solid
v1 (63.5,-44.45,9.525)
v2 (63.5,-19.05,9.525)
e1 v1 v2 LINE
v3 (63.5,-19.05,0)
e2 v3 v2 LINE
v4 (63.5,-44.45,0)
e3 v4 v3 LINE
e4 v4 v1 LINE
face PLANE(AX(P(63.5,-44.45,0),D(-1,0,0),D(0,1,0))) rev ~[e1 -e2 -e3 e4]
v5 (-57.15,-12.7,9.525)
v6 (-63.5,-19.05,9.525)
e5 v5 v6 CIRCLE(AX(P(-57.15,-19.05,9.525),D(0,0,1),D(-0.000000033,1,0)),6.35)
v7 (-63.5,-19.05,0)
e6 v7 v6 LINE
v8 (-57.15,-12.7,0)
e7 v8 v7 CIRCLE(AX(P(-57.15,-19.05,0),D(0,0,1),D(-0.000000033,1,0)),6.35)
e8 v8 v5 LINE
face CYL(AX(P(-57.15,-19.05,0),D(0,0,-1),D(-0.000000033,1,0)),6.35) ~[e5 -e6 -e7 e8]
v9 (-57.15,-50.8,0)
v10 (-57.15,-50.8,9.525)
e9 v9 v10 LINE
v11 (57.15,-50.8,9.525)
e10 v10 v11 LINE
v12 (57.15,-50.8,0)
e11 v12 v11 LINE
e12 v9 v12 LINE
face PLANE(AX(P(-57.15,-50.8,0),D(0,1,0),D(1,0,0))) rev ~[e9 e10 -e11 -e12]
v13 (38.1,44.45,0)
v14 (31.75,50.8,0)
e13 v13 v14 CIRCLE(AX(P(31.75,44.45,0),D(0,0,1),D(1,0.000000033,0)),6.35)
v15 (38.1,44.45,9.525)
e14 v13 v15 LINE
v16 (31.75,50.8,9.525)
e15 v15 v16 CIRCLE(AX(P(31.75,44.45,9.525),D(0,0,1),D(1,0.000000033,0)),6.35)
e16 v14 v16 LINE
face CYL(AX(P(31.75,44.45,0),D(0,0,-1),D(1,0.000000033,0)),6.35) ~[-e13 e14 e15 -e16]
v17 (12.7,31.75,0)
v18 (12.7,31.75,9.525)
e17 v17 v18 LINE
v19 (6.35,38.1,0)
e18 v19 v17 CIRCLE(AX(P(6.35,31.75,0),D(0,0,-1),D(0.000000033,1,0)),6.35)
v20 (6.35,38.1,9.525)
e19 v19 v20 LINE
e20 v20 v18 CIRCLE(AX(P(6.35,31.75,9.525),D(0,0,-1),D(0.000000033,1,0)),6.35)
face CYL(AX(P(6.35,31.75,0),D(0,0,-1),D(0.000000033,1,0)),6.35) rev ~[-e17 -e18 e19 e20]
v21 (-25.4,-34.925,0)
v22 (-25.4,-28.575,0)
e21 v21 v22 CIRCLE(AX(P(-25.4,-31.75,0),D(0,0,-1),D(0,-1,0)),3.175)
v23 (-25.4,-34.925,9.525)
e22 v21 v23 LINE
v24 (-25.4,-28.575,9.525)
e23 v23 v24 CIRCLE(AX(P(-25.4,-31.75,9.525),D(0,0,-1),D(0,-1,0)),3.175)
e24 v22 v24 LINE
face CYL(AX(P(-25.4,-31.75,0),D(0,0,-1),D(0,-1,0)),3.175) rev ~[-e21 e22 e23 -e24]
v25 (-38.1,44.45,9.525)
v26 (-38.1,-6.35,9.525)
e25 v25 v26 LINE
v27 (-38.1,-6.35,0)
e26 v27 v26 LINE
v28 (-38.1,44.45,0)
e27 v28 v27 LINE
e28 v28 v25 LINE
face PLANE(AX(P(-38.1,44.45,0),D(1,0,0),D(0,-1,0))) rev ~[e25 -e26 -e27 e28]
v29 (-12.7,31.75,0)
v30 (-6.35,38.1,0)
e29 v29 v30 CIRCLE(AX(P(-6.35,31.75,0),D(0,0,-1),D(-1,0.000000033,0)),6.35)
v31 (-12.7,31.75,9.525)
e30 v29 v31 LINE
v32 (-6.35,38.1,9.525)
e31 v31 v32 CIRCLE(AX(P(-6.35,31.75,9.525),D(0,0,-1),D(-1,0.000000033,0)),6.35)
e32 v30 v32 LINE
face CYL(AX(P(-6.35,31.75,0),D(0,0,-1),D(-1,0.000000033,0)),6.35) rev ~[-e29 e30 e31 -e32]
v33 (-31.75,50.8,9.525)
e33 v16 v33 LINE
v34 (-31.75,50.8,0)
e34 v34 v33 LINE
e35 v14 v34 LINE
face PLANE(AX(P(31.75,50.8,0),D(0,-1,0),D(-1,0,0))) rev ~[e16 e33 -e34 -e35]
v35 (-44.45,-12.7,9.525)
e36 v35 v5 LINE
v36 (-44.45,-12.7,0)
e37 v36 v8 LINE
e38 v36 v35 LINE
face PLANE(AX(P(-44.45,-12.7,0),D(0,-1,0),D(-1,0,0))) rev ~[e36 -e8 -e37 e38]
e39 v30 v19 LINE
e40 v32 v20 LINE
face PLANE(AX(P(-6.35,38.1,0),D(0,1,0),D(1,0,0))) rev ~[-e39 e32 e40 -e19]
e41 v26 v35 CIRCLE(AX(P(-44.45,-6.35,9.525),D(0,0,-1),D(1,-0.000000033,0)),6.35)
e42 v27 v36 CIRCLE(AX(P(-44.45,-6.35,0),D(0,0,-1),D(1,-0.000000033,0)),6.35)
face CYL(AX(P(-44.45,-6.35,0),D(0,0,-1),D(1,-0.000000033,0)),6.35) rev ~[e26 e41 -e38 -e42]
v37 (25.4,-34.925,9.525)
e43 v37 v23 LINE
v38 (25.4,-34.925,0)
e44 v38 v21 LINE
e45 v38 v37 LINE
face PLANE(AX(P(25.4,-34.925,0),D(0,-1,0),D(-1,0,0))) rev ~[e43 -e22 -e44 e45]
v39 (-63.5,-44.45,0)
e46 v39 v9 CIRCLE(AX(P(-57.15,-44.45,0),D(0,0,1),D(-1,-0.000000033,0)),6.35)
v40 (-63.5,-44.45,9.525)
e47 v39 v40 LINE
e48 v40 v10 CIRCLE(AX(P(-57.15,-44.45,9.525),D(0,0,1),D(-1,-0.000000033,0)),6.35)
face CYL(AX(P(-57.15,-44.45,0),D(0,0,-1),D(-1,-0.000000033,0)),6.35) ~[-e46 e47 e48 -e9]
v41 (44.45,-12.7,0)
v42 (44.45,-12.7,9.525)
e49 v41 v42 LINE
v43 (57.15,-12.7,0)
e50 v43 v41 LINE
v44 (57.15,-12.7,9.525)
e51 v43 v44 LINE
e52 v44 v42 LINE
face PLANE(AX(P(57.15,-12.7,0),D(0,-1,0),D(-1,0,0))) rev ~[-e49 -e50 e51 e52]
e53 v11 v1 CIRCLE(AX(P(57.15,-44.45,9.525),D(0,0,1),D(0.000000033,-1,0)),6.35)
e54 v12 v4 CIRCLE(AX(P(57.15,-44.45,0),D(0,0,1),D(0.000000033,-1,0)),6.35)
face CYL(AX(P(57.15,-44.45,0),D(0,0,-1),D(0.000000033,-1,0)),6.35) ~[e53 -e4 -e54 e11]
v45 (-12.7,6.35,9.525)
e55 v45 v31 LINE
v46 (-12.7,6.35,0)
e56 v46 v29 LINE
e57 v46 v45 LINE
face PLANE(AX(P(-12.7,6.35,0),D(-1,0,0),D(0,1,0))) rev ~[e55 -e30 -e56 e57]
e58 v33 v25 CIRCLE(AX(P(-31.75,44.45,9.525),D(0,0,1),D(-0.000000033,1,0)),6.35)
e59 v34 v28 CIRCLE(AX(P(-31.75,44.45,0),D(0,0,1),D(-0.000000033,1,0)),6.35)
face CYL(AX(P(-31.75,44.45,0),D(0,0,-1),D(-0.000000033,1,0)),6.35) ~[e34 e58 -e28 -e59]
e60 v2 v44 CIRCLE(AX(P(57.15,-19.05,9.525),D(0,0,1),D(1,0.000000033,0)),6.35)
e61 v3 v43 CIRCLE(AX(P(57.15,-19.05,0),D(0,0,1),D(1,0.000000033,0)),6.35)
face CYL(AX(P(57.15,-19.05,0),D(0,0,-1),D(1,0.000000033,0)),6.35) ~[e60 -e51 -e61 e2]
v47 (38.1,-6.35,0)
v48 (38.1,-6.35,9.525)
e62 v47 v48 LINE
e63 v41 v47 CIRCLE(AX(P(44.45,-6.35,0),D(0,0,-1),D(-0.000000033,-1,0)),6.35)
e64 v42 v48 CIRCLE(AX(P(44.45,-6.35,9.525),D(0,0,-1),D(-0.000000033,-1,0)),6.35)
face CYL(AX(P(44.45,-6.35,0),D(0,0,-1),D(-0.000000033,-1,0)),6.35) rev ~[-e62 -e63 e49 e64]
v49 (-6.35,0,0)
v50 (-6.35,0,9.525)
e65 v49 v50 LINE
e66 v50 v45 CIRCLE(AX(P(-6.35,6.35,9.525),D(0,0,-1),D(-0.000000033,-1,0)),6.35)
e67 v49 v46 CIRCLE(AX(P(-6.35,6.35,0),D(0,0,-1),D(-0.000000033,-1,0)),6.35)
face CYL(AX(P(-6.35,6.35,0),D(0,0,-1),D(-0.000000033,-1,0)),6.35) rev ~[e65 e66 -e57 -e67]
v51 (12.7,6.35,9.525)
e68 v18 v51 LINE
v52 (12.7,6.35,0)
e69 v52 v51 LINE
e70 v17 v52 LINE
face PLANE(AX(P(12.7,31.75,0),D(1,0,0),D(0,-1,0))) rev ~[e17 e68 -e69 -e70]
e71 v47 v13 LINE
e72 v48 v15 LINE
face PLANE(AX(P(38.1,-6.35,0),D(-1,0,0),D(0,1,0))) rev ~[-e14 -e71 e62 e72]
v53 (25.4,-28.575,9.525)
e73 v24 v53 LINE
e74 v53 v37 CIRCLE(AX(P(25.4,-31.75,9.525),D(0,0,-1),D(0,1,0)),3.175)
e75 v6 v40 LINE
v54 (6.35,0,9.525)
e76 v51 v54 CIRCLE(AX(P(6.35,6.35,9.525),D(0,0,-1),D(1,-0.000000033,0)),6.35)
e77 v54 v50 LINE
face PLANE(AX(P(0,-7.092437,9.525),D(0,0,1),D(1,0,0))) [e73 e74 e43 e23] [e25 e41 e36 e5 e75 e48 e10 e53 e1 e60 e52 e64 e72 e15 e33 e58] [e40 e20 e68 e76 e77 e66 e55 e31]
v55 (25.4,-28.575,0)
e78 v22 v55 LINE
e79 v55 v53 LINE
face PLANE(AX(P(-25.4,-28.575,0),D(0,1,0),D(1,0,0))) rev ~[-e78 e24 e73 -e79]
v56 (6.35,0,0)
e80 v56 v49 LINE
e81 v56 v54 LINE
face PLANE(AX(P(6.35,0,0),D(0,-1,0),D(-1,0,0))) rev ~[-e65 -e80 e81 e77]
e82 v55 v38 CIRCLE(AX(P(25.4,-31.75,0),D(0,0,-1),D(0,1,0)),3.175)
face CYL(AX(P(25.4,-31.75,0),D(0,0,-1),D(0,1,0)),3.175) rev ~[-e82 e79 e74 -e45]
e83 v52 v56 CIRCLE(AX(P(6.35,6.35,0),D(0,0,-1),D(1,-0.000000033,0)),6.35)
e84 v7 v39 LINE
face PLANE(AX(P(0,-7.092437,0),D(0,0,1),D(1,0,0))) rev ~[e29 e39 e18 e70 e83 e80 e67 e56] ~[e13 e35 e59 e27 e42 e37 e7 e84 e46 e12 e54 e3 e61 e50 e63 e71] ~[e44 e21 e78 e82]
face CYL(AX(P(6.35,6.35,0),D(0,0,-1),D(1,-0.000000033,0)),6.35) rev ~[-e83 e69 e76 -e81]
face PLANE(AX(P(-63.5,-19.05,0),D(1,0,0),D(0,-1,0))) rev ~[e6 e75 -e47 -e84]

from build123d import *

# Parameters (mm, degrees)
F1_DEPTH = 9.525


with BuildPart() as f1:
    # F0 (on Top) → F1 (new body)
    with BuildSketch(Plane.XY):
        with BuildLine():
            Line((-57.15, -50.8), (57.15, -50.8))
            ThreePointArc((57.15, -50.8), (61.640128, -48.940128), (63.5, -44.45))
            Line((63.5, -44.45), (63.5, -19.05))
            ThreePointArc((63.5, -19.05), (61.640128, -14.559872), (57.15, -12.7))
            Line((57.15, -12.7), (44.45, -12.7))
            ThreePointArc((44.45, -12.7), (39.959872, -10.840128), (38.1, -6.35))
            Line((38.1, -6.35), (38.1, 44.45))
            ThreePointArc((38.1, 44.45), (36.240128, 48.940128), (31.75, 50.8))
            Line((31.75, 50.8), (-31.75, 50.8))
            ThreePointArc((-31.75, 50.8), (-36.240128, 48.940128), (-38.1, 44.45))
            Line((-38.1, 44.45), (-38.1, -6.35))
            ThreePointArc((-38.1, -6.35), (-39.959872, -10.840128), (-44.45, -12.7))
            Line((-44.45, -12.7), (-57.15, -12.7))
            ThreePointArc((-57.15, -12.7), (-61.640128, -14.559872), (-63.5, -19.05))
            Line((-63.5, -19.05), (-63.5, -44.45))
            ThreePointArc((-63.5, -44.45), (-61.640128, -48.940128), (-57.15, -50.8))
        make_face()
        with BuildLine():
            ThreePointArc((25.4, -28.575), (28.575, -31.75), (25.4, -34.925))
            Line((25.4, -34.925), (-25.4, -34.925))
            ThreePointArc((-25.4, -34.925), (-28.575, -31.75), (-25.4, -28.575))
            Line((-25.4, -28.575), (25.4, -28.575))
        make_face(mode=Mode.SUBTRACT)
        with BuildLine():
            ThreePointArc((12.7, 6.35), (10.840128, 1.859872), (6.35, 0))
            Line((6.35, 0), (-6.35, 0))
            ThreePointArc((-6.35, 0), (-10.840128, 1.859872), (-12.7, 6.35))
            Line((-12.7, 6.35), (-12.7, 31.75))
            ThreePointArc((-12.7, 31.75), (-10.840128, 36.240128), (-6.35, 38.1))
            Line((-6.35, 38.1), (6.35, 38.1))
            ThreePointArc((6.35, 38.1), (10.840128, 36.240128), (12.7, 31.75))
            Line((12.7, 31.75), (12.7, 6.35))
        make_face(mode=Mode.SUBTRACT)
    extrude(amount=F1_DEPTH)


solid = f1.part
